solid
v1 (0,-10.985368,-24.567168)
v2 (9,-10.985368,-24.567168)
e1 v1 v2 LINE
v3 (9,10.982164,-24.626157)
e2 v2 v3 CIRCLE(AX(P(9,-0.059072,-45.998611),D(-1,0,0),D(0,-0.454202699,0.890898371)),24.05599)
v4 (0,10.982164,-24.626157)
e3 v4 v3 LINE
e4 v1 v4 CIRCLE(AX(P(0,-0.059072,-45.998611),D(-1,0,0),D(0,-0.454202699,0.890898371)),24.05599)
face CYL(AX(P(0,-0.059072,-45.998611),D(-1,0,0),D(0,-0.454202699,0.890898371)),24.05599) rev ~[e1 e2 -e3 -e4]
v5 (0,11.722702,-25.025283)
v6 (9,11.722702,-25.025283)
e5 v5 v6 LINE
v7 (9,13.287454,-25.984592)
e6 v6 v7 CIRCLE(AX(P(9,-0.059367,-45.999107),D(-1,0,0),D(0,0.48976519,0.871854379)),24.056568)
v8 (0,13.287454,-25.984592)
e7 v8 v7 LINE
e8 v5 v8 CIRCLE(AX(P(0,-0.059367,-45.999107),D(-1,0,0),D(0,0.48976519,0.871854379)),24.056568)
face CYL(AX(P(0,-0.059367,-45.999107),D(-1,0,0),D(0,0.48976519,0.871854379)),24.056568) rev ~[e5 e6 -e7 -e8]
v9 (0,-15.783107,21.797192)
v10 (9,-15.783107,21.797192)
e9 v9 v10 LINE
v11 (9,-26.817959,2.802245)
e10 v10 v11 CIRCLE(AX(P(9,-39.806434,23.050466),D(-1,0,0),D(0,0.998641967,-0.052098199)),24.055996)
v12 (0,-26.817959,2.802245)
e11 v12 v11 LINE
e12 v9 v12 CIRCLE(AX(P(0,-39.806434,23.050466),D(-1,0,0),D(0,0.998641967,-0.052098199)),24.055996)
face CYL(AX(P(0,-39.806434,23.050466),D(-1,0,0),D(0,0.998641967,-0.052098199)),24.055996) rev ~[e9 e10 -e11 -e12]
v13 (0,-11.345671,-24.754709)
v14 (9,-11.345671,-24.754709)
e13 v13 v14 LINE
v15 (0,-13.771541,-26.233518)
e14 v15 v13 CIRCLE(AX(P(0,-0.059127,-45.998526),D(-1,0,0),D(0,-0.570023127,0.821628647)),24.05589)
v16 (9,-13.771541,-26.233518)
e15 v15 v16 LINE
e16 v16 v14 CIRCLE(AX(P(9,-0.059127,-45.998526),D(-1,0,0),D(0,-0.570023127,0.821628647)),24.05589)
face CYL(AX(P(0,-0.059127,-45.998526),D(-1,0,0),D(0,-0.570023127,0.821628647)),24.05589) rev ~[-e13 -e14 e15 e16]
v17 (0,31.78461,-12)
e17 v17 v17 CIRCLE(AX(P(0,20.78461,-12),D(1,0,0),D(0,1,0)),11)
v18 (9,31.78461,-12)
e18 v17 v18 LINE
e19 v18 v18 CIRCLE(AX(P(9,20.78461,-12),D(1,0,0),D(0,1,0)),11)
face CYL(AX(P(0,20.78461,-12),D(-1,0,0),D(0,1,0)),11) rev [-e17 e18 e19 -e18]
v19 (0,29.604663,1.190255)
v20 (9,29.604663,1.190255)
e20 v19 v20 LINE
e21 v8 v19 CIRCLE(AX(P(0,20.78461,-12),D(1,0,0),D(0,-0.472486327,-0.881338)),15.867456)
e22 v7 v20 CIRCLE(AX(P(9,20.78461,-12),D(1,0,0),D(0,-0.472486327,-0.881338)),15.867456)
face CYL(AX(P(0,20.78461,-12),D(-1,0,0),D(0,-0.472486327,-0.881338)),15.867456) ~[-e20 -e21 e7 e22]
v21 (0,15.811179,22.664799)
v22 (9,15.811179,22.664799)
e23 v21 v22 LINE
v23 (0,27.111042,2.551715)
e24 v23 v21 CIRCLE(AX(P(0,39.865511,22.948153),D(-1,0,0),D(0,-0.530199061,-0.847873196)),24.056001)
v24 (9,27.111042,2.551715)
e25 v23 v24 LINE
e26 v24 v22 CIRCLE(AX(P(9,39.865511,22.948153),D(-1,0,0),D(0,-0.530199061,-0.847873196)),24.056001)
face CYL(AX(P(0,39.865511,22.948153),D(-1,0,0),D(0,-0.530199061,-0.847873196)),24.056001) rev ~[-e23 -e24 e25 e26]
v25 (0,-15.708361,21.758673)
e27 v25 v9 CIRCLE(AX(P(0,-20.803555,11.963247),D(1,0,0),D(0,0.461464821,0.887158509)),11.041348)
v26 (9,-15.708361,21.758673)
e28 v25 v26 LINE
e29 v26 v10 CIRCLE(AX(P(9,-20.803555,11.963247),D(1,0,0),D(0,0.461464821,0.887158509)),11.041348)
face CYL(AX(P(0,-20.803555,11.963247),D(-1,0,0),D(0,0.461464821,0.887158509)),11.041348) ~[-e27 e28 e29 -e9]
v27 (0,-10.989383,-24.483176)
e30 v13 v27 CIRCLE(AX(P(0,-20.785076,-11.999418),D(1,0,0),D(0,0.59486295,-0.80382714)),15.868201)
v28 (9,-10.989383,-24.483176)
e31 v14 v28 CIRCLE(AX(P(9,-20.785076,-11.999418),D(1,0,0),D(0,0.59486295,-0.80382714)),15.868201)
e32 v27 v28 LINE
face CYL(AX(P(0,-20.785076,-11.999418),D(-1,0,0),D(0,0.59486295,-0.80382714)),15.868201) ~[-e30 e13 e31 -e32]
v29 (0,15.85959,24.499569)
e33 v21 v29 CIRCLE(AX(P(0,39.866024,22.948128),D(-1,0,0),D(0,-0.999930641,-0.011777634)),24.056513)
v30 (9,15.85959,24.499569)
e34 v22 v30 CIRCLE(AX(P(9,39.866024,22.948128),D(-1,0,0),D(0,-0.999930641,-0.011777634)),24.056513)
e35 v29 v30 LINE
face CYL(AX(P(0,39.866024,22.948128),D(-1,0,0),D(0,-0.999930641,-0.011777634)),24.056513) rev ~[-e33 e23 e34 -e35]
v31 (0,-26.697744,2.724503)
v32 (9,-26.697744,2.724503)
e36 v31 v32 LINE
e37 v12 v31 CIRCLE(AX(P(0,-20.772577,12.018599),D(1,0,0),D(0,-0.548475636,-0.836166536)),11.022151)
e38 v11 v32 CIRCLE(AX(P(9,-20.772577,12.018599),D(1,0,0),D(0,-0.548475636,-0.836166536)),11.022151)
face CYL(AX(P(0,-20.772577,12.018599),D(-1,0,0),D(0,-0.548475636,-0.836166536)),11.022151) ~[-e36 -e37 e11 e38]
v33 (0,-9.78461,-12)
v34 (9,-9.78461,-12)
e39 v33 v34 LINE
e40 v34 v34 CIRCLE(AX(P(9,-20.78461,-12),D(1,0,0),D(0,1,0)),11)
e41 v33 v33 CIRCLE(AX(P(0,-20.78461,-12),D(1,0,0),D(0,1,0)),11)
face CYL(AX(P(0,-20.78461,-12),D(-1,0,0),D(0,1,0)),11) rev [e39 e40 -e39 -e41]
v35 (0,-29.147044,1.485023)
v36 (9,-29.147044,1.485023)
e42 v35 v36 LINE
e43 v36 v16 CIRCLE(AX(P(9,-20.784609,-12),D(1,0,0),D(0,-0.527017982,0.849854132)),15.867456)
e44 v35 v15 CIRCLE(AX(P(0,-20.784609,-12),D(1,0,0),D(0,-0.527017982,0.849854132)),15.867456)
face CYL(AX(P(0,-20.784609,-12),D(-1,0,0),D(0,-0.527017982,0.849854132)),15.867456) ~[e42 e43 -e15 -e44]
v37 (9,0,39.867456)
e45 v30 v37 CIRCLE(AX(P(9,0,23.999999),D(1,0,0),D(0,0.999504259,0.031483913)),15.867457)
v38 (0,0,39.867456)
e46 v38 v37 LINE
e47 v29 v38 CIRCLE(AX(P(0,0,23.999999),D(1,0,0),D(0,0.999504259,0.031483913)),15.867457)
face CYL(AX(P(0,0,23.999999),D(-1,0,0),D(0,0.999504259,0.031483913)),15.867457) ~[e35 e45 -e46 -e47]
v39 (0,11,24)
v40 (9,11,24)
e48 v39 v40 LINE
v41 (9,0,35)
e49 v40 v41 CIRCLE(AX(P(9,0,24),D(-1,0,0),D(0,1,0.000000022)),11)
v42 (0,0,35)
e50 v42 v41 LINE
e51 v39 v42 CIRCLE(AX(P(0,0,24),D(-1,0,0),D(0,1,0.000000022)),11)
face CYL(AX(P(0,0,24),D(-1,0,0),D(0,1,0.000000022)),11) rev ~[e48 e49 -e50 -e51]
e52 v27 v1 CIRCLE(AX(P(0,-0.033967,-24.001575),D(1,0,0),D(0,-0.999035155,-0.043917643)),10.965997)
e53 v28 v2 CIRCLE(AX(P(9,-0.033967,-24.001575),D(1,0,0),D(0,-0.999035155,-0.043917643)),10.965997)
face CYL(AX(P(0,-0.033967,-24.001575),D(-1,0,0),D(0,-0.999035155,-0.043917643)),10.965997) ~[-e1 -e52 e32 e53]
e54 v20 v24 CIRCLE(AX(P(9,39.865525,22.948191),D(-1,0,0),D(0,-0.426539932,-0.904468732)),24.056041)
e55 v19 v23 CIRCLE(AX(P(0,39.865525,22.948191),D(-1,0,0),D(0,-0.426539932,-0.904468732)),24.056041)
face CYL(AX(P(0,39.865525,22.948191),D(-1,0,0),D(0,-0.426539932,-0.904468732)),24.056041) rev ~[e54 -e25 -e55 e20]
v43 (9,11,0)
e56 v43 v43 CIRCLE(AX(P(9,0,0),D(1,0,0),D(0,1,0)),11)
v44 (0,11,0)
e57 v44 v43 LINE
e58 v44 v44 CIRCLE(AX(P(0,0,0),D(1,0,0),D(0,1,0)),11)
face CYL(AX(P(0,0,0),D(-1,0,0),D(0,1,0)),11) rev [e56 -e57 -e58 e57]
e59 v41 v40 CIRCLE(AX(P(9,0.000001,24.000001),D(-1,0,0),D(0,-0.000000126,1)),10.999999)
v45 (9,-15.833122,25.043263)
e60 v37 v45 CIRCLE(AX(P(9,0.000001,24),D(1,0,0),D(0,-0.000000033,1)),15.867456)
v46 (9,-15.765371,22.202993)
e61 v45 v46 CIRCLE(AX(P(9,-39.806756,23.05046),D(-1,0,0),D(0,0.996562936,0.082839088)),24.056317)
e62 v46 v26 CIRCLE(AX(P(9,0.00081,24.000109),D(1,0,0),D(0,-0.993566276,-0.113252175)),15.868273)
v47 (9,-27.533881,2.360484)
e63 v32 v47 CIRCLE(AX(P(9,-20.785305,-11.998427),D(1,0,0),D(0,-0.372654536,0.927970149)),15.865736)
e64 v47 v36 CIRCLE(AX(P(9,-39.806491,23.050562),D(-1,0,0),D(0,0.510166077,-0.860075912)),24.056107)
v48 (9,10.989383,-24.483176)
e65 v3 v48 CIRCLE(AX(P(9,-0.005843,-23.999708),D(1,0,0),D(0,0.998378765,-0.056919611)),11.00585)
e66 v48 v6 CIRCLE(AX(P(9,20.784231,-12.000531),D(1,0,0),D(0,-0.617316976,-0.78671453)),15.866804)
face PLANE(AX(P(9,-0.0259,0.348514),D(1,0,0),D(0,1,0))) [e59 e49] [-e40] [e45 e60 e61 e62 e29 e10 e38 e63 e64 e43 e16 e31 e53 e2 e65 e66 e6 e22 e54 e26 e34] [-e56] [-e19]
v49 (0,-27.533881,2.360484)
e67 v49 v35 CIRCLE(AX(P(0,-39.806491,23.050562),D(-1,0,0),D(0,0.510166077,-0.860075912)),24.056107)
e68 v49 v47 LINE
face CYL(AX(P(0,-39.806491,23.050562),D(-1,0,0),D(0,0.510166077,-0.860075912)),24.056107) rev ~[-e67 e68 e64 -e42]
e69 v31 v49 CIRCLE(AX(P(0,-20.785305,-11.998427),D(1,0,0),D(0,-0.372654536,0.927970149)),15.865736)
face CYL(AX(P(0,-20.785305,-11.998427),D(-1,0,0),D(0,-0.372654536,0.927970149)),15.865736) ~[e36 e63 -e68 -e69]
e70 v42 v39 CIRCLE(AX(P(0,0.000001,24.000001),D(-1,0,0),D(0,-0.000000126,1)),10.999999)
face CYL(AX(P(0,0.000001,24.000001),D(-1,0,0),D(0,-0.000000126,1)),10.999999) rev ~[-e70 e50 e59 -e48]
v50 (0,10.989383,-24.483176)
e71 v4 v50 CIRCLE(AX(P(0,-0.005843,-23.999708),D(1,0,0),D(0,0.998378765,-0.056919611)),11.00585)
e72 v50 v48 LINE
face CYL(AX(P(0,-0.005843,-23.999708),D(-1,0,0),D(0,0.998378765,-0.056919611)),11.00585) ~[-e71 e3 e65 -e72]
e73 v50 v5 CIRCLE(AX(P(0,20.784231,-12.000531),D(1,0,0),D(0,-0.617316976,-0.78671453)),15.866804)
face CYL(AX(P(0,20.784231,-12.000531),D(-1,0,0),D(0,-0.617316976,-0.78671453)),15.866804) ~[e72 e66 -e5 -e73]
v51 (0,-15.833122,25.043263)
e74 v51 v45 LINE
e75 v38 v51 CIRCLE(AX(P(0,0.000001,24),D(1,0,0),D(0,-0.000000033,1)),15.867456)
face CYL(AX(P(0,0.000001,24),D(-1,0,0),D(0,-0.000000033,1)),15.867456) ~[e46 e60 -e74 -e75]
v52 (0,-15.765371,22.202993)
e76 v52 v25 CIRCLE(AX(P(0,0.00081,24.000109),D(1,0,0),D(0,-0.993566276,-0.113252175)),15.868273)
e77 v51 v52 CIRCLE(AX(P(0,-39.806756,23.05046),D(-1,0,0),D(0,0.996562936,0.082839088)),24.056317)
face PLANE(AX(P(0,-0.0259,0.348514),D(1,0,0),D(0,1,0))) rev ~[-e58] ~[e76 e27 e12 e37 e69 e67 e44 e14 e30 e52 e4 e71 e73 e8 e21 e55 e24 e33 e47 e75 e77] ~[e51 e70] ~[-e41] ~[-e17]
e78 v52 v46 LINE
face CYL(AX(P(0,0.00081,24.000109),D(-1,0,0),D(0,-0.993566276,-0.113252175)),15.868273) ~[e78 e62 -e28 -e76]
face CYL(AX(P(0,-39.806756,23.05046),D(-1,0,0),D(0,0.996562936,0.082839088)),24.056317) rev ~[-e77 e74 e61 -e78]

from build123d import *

# Parameters (mm, degrees)
F0_R     = 11
F1_DEPTH = 9


with BuildPart() as f1:
    # F0 (on Right) → F1 (new body)
    with BuildSketch(Plane.YZ):
        with BuildLine():
            ThreePointArc((15.85959, 24.499569), (11.041949, 35.395241), (0, 39.867456))
            ThreePointArc((0, 39.867456), (-10.844866, 35.582963), (-15.833122, 25.043263))
            ThreePointArc((-15.833122, 25.043263), (-15.75728, 23.624129), (-15.765371, 22.202993))
            ThreePointArc((-15.765371, 22.202993), (-15.738434, 21.980632), (-15.708361, 21.758673))
            ThreePointArc((-15.708361, 21.758673), (-15.745698, 21.778004), (-15.783107, 21.797192))
            ThreePointArc((-15.783107, 21.797192), (-19.005704, 10.966569), (-26.817959, 2.802245))
            ThreePointArc((-26.817959, 2.802245), (-26.757978, 2.763179), (-26.697744, 2.724503))
            ThreePointArc((-26.697744, 2.724503), (-27.118429, 2.548502), (-27.533881, 2.360484))
            ThreePointArc((-27.533881, 2.360484), (-28.33211, 1.907363), (-29.147044, 1.485023))
            ThreePointArc((-29.147044, 1.485023), (-34.660292, -19.696856), (-13.771541, -26.233518))
            ThreePointArc((-13.771541, -26.233518), (-12.580456, -25.458269), (-11.345671, -24.754709))
            ThreePointArc((-11.345671, -24.754709), (-11.166569, -24.6202), (-10.989383, -24.483176))
            ThreePointArc((-10.989383, -24.483176), (-10.987456, -24.525176), (-10.985368, -24.567168))
            ThreePointArc((-10.985368, -24.567168), (0.005524, -21.942707), (10.982164, -24.626157))
            ThreePointArc((10.982164, -24.626157), (10.986006, -24.554678), (10.989383, -24.483176))
            ThreePointArc((10.989383, -24.483176), (11.352147, -24.759499), (11.722702, -25.025283))
            ThreePointArc((11.722702, -25.025283), (12.51423, -25.490009), (13.287454, -25.984592))
            ThreePointArc((13.287454, -25.984592), (34.388124, -20.168266), (29.604663, 1.190255))
            ThreePointArc((29.604663, 1.190255), (28.337736, 1.83414), (27.111042, 2.551715))
            ThreePointArc((27.111042, 2.551715), (18.892767, 11.165319), (15.811179, 22.664799))
            ThreePointArc((15.811179, 22.664799), (15.81788, 23.582646), (15.85959, 24.499569))
        make_face()
        with Locations((-20.78461, -12)):
            Circle(F0_R, mode=Mode.SUBTRACT)
        with Locations((20.78461, -12)):
            Circle(F0_R, mode=Mode.SUBTRACT)
        Circle(F0_R, mode=Mode.SUBTRACT)
        with BuildLine():
            ThreePointArc((11, 24), (-7.778175, 16.221825), (0, 35))
            ThreePointArc((0, 35), (7.778175, 31.778175), (11, 24))
        make_face(mode=Mode.SUBTRACT)
    extrude(amount=F1_DEPTH)


solid = f1.part
